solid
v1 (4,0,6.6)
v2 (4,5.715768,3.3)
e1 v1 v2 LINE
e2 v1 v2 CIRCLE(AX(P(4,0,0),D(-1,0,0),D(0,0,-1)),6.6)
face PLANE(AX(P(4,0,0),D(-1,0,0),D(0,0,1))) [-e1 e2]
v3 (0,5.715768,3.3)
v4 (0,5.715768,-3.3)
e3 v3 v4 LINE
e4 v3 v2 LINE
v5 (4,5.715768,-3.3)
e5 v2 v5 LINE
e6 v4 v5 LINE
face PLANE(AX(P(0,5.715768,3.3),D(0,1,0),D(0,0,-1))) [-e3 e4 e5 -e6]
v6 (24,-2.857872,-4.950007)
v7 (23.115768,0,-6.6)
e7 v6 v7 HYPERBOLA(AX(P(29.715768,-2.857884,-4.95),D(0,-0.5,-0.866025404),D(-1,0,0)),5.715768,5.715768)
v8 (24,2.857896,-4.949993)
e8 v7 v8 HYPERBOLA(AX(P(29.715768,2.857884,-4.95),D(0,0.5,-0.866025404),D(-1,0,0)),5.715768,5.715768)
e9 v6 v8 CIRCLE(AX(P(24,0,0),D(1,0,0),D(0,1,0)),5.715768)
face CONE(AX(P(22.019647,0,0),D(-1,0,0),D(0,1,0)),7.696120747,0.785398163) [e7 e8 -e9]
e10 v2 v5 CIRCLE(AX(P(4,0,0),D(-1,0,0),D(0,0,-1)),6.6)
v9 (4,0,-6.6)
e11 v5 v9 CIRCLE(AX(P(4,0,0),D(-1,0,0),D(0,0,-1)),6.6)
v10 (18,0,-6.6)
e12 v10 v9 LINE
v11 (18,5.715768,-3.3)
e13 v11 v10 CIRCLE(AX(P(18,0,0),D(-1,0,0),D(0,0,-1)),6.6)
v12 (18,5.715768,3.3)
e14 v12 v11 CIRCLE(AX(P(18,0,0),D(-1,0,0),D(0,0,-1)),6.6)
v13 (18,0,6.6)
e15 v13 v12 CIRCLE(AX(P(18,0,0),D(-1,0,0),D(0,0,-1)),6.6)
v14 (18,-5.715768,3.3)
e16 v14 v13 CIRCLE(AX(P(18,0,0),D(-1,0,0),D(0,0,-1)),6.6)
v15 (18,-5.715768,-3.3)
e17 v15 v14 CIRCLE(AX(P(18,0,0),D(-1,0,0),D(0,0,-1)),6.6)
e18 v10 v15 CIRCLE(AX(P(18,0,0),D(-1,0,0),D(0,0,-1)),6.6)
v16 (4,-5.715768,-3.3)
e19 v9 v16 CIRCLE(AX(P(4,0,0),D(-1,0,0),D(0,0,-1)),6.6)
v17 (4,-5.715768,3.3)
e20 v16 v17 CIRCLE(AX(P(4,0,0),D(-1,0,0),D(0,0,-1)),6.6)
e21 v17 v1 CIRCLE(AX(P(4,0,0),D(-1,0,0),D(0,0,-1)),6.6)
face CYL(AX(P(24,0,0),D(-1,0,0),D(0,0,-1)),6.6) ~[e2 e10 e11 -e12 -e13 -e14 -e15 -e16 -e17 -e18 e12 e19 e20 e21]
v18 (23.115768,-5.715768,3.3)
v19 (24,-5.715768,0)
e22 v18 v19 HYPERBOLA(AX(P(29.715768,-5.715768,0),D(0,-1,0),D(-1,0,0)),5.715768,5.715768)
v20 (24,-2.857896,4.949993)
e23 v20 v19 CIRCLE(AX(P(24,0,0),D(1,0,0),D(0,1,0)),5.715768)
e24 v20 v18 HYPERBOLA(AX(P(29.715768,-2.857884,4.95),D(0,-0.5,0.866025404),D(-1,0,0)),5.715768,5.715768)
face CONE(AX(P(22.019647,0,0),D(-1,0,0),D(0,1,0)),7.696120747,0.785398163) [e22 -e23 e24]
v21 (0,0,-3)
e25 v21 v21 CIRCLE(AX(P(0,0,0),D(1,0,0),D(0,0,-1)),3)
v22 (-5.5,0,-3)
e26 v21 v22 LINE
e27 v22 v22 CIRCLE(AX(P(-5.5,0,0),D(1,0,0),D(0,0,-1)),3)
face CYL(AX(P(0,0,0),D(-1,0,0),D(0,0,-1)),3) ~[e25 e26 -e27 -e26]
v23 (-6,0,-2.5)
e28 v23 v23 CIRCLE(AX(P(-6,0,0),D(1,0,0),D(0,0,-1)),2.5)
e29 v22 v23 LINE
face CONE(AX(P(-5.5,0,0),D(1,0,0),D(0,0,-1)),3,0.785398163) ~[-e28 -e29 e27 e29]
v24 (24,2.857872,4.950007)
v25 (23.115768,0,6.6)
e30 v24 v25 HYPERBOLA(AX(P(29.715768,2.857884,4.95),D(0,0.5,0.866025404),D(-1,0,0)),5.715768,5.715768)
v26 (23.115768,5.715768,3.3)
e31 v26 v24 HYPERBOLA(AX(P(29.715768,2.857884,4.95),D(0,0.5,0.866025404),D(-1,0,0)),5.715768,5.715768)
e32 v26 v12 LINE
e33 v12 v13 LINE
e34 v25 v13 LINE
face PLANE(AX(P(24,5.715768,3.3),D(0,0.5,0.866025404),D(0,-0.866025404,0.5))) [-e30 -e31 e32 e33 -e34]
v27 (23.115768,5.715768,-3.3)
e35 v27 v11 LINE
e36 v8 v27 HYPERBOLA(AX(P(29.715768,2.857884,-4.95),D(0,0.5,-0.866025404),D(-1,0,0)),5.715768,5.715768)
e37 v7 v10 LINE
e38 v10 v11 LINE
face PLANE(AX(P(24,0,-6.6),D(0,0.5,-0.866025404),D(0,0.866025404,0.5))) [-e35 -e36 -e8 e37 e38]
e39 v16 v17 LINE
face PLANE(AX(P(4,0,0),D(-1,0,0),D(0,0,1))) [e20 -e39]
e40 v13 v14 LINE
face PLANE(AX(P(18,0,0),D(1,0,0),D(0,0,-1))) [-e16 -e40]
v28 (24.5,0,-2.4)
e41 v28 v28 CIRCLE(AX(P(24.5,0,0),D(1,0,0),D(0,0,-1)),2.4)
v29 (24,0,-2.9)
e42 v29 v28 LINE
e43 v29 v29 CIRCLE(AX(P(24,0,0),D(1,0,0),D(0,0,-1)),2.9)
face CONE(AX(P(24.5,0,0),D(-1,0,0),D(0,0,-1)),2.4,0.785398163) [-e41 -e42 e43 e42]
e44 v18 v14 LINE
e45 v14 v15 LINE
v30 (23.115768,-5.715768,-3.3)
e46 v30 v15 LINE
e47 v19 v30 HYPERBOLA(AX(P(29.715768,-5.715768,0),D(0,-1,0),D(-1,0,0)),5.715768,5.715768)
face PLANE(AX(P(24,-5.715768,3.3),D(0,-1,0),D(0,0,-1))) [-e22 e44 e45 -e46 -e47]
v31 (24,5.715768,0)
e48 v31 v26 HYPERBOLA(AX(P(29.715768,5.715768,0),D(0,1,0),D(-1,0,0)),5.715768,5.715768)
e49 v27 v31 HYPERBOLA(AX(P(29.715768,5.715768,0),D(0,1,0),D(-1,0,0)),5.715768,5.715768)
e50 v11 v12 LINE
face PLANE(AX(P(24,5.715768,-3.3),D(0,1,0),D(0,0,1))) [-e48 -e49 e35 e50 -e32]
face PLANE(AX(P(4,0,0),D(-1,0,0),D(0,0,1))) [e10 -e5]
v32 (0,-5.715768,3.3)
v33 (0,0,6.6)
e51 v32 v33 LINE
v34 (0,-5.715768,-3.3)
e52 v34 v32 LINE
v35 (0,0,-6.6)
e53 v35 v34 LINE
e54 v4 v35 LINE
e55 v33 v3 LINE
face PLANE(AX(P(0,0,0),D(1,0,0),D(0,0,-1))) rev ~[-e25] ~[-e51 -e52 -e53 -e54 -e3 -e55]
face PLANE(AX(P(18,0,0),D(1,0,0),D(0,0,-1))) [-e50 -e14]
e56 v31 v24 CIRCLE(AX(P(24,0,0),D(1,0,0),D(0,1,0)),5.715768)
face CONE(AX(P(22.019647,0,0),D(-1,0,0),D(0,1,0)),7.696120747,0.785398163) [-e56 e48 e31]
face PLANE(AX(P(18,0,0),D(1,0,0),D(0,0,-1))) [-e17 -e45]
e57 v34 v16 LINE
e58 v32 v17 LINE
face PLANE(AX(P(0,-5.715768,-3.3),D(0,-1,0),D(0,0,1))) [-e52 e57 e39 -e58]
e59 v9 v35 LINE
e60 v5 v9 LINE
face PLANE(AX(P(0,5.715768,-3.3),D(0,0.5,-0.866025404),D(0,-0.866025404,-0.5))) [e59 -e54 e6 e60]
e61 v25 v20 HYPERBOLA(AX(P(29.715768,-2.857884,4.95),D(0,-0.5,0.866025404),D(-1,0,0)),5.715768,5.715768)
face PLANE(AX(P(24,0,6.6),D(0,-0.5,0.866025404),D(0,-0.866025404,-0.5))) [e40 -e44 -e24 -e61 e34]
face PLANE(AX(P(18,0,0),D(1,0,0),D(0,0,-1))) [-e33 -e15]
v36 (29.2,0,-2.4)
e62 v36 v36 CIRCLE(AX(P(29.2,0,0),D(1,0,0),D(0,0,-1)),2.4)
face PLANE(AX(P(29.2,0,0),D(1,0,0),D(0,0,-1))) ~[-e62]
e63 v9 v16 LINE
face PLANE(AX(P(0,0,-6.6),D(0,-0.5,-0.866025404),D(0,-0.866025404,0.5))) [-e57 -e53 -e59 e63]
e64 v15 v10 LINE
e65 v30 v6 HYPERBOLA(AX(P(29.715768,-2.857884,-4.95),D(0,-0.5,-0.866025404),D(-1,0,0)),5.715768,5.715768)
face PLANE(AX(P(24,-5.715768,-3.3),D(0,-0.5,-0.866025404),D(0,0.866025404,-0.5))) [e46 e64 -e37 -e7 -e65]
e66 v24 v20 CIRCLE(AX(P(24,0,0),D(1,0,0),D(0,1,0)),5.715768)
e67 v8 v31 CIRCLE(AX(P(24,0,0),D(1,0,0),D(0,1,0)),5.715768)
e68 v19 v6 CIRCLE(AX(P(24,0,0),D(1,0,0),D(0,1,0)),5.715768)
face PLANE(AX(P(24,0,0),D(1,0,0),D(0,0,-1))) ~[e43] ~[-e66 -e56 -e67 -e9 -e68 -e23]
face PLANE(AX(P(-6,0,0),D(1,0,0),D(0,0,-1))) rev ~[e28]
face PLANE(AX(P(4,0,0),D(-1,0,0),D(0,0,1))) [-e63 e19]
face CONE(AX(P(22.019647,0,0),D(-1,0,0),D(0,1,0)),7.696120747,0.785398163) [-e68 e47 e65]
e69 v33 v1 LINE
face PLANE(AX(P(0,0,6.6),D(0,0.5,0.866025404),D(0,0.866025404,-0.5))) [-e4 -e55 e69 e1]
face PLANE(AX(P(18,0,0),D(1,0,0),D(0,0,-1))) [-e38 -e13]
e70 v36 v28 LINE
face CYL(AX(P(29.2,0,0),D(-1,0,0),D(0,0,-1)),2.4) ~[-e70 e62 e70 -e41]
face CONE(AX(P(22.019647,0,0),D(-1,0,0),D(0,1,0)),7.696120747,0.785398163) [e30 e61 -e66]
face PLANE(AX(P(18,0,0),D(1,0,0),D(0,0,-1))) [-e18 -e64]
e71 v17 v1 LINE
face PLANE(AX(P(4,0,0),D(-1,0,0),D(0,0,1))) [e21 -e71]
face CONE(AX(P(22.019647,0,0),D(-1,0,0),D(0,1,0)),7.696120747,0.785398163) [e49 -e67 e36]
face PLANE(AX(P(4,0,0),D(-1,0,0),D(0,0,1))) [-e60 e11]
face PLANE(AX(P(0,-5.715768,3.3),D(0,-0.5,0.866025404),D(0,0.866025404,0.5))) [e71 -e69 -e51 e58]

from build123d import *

# Parameters (mm, degrees)
SKETCH2_OUTSIDE_W  = 23.168
SKETCH2_OUTSIDE_H  = 23.168
CUT_EXTRUDE1_DEPTH = 6
SKETCH3_OUTSIDE_W  = 23.168
SKETCH3_OUTSIDE_H  = 23.168
CUT_EXTRUDE2_DEPTH = 4
CHAMFER1_SIZE      = 0.5


with BuildPart() as part:
    # Sketch1 → Revolve1 (revolve)
    with BuildSketch(Plane(origin=(0, 0, 0), x_dir=(1, 0, 0), z_dir=(0, 1, 0))):
        Polygon((0, 6.6), (0, 3), (-6, 3), (-6, 0), (29.2, 0), (29.2, 2.4), (24, 2.4), (24, 6.6), align=None)
    revolve(axis=Axis((-26.186440678, 0, 0), (1, 0, 0)))

    # Sketch2 outside → Cut-Extrude1 (cut)
    with BuildSketch(Plane(origin=(24, 0, 0), x_dir=(0, 0, -1), z_dir=(1, 0, 0))):
        Rectangle(SKETCH2_OUTSIDE_W, SKETCH2_OUTSIDE_H)
        Polygon((3.3, -5.715767665), (6.6, 0), (3.3, 5.715767665), (-3.3, 5.715767665), (-6.6, 0), (-3.3, -5.715767665), align=None, mode=Mode.SUBTRACT)
    extrude(amount=-CUT_EXTRUDE1_DEPTH, mode=Mode.SUBTRACT)

    # Sketch3 outside → Cut-Extrude2 (cut)
    with BuildSketch(Plane.ZY):
        Rectangle(SKETCH3_OUTSIDE_W, SKETCH3_OUTSIDE_H)
        Polygon((3.3, -5.715767665), (6.6, 0), (3.3, 5.715767665), (-3.3, 5.715767665), (-6.6, 0), (-3.3, -5.715767665), align=None, mode=Mode.SUBTRACT)
    extrude(amount=-CUT_EXTRUDE2_DEPTH, mode=Mode.SUBTRACT)

    # Sketch4 → Cut-Revolve1 (revolve, cut)
    with BuildSketch(Plane.XY):
        Polygon((22.019646918, 7.696120747), (25.980353082, 3.735414583), (25.980353082, 7.696120747), align=None)
    revolve(axis=Axis((-26.186440678, 0, 0), (1, 0, 0)), mode=Mode.SUBTRACT)

    # Chamfer1
    chamfer1_edges = [part.edges().sort_by_distance(p)[0] for p in [
        (24, 0, 2.4),
        (-6, 0, 3),
    ]]
    chamfer(chamfer1_edges, length=CHAMFER1_SIZE)


solid = part.part
